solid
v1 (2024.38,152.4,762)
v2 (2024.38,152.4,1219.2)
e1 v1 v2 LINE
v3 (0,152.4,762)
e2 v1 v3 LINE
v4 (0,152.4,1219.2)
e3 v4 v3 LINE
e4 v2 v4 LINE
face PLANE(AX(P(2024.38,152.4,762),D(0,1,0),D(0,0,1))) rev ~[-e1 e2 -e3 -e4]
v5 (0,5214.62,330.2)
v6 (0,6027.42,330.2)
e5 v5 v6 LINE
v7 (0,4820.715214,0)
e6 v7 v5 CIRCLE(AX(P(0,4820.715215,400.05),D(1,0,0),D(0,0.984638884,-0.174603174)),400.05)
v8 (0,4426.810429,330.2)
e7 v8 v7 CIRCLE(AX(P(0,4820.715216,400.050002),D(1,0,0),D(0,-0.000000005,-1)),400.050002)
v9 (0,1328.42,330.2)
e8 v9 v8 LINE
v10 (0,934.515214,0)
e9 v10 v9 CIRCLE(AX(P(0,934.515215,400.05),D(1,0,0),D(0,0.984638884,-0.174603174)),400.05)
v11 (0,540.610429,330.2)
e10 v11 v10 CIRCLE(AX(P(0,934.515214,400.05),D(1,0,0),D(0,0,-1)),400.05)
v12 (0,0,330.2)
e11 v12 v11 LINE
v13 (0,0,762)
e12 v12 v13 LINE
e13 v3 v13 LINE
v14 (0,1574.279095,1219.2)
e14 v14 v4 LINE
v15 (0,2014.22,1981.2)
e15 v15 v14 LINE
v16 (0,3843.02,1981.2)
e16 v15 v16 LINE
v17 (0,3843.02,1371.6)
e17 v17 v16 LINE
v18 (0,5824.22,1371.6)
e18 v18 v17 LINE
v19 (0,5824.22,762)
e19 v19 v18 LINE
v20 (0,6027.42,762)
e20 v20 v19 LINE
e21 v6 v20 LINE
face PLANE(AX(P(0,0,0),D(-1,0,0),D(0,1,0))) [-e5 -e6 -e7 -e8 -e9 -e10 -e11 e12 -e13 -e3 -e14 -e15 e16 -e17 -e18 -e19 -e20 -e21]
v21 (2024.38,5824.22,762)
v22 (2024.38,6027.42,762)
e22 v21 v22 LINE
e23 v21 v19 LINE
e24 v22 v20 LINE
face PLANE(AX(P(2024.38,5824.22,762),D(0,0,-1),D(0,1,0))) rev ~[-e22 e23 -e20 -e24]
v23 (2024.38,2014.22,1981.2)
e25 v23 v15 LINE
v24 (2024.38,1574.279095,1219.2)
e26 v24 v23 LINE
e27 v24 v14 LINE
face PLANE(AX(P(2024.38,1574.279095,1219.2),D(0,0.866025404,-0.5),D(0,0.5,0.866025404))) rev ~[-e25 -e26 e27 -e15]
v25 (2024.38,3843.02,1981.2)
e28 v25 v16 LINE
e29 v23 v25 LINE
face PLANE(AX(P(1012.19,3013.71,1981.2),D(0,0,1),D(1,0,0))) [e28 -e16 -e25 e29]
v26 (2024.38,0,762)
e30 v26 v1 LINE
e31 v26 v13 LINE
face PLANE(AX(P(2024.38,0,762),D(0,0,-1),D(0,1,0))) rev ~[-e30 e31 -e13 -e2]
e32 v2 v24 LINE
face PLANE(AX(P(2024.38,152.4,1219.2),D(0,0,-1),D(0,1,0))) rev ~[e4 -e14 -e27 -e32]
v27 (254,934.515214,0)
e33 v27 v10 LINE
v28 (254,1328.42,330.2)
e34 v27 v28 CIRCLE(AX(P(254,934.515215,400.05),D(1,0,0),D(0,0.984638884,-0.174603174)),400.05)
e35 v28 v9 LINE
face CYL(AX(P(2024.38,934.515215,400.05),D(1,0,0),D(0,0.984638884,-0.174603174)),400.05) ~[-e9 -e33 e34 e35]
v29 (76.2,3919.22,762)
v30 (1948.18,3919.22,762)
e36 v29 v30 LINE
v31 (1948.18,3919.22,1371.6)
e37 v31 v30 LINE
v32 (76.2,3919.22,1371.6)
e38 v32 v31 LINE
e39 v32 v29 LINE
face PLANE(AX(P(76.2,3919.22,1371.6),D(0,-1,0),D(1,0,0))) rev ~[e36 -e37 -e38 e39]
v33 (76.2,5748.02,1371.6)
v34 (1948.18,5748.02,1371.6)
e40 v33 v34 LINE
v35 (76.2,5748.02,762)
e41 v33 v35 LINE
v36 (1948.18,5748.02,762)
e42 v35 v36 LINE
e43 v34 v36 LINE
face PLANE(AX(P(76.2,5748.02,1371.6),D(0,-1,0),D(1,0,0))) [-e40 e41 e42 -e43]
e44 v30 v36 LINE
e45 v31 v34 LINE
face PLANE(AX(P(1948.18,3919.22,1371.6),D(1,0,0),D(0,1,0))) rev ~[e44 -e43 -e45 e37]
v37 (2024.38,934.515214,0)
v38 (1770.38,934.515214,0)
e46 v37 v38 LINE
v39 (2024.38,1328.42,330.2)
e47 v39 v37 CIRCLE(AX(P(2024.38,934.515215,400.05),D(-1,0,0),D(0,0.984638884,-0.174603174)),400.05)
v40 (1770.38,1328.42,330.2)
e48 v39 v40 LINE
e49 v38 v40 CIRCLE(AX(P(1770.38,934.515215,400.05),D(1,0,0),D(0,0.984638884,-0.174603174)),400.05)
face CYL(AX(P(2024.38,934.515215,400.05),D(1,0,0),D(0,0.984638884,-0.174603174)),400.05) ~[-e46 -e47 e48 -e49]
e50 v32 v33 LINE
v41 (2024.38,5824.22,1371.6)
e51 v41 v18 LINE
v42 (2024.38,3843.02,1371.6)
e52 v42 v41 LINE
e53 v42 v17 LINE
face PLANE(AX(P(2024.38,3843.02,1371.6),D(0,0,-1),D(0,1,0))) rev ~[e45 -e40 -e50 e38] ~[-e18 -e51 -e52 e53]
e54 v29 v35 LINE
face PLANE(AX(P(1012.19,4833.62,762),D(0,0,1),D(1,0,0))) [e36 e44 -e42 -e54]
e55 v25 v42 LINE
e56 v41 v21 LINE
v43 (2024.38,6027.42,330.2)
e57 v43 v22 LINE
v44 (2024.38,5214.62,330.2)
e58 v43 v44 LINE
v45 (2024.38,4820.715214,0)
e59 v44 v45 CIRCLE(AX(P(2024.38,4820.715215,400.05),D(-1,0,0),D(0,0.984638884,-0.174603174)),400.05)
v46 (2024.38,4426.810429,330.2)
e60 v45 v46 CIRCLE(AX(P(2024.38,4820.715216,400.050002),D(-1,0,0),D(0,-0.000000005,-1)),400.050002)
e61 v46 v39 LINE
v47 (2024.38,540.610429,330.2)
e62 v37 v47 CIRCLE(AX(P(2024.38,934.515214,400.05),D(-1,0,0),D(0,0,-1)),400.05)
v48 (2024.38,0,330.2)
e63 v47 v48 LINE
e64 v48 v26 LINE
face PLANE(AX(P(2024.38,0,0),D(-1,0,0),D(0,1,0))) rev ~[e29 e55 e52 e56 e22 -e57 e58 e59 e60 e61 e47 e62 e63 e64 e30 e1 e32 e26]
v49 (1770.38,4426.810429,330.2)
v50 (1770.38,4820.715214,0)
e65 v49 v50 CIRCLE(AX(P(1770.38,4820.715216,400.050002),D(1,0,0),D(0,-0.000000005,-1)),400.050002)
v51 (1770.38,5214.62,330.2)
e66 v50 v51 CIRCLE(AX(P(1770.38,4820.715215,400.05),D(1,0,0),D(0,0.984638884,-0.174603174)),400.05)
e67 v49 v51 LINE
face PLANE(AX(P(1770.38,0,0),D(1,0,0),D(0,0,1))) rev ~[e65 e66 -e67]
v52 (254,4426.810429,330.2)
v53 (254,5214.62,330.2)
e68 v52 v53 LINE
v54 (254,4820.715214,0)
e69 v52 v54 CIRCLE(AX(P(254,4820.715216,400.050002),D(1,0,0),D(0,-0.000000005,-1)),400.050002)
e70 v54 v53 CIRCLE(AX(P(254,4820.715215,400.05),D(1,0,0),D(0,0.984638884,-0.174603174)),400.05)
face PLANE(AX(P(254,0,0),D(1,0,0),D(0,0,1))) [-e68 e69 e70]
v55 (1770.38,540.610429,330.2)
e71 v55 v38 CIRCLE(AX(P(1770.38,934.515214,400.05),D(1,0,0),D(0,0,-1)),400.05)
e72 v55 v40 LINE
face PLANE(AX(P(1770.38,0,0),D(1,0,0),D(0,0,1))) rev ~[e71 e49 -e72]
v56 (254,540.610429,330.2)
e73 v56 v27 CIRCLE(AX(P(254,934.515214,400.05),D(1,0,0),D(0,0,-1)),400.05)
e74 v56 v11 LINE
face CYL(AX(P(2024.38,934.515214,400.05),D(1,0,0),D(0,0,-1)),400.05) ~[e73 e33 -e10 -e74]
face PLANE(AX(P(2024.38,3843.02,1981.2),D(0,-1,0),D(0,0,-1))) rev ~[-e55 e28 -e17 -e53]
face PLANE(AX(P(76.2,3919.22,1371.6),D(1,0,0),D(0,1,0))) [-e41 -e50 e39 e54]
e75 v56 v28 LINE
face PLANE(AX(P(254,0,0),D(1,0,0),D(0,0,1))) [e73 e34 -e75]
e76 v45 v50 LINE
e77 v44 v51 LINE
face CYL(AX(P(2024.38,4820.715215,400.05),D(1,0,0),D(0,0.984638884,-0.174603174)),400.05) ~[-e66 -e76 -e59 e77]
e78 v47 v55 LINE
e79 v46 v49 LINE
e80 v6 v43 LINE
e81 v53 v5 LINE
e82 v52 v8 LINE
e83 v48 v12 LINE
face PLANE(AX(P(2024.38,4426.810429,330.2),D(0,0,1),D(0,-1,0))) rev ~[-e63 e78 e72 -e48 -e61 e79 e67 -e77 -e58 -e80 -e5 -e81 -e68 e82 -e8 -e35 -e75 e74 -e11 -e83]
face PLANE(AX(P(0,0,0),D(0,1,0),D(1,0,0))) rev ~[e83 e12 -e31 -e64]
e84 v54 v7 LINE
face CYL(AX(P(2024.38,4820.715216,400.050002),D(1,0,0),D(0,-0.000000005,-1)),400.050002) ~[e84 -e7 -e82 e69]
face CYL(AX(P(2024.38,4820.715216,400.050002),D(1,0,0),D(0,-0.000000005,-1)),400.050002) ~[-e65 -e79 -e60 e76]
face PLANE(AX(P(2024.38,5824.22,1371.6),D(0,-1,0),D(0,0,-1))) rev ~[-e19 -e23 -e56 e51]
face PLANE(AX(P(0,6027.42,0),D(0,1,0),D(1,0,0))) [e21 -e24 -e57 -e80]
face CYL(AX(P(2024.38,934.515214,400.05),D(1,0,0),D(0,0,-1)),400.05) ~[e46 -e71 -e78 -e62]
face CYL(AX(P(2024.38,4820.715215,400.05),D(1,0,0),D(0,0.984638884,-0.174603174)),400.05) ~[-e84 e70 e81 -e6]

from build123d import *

# Parameters (mm, degrees)
F0_W     = 2024.38
F0_H     = 6027.42
F1_DEPTH = 1981.2
F3_DEPTH = 2024.381
F4_W     = 1516.38
F4_H     = 330.2
F5_DEPTH = 6027.421
F7_DEPTH = 2024.381
F8_W     = 1871.98
F8_H     = 1828.8
F9_DEPTH = 609.6


with BuildPart() as f1:
    # F0 (on Top) → F1 (new body)
    with BuildSketch(Plane.XY):
        with Locations((1012.19, 3013.71)):
            Rectangle(F0_W, F0_H)
    extrude(amount=F1_DEPTH)

    # F2 (on face) → F3 (cut, through all)
    with BuildSketch(Plane.YZ.offset(2024.38)):
        Polygon((5824.22, 762), (6027.42, 762), (6027.42, 1981.2), (3843.02, 1981.2), (3843.02, 1371.6), (5824.22, 1371.6), align=None)
        Polygon((1574.279095, 1219.2), (2014.22, 1981.2), (0, 1981.2), (0, 762), (152.4, 762), (152.4, 1219.2), align=None)
    extrude(amount=-F3_DEPTH, mode=Mode.SUBTRACT)

    # F4 (on face) → F5 (cut, through all)
    with BuildSketch(Plane.XZ):
        with Locations((1012.19, 165.1)):
            Rectangle(F4_W, F4_H)
    extrude(amount=-F5_DEPTH, mode=Mode.SUBTRACT)

    # F6 (on face) → F7 (cut, through all)
    with BuildSketch(Plane.YZ.offset(2024.38)):
        with BuildLine():
            ThreePointArc((5214.62, 330.2), (5077.713765, 93.469264), (4820.715214, 0))
            Line((4820.715214, 0), (6027.42, 0))
            Line((6027.42, 0), (6027.42, 330.2))
            Line((6027.42, 330.2), (5214.62, 330.2))
        make_face()
        with BuildLine():
            ThreePointArc((1328.42, 330.2), (1191.513765, 93.469264), (934.515214, 0))
            Line((934.515214, 0), (4820.715214, 0))
            ThreePointArc((4820.715214, 0), (4563.716664, 93.469265), (4426.810429, 330.2))
            Line((4426.810429, 330.2), (1328.42, 330.2))
        make_face()
        with BuildLine():
            Line((540.610429, 330.2), (0, 330.2))
            Line((0, 330.2), (0, 0))
            Line((0, 0), (934.515214, 0))
            ThreePointArc((934.515214, 0), (677.516664, 93.469264), (540.610429, 330.2))
        make_face()
    extrude(amount=-F7_DEPTH, mode=Mode.SUBTRACT)

    # F8 (on face) → F9 (cut, through all)
    with BuildSketch(Plane.XY.offset(1371.6)):
        with Locations((1012.19, 4833.62)):
            Rectangle(F8_W, F8_H)
    extrude(amount=-F9_DEPTH, mode=Mode.SUBTRACT)


solid = f1.part
